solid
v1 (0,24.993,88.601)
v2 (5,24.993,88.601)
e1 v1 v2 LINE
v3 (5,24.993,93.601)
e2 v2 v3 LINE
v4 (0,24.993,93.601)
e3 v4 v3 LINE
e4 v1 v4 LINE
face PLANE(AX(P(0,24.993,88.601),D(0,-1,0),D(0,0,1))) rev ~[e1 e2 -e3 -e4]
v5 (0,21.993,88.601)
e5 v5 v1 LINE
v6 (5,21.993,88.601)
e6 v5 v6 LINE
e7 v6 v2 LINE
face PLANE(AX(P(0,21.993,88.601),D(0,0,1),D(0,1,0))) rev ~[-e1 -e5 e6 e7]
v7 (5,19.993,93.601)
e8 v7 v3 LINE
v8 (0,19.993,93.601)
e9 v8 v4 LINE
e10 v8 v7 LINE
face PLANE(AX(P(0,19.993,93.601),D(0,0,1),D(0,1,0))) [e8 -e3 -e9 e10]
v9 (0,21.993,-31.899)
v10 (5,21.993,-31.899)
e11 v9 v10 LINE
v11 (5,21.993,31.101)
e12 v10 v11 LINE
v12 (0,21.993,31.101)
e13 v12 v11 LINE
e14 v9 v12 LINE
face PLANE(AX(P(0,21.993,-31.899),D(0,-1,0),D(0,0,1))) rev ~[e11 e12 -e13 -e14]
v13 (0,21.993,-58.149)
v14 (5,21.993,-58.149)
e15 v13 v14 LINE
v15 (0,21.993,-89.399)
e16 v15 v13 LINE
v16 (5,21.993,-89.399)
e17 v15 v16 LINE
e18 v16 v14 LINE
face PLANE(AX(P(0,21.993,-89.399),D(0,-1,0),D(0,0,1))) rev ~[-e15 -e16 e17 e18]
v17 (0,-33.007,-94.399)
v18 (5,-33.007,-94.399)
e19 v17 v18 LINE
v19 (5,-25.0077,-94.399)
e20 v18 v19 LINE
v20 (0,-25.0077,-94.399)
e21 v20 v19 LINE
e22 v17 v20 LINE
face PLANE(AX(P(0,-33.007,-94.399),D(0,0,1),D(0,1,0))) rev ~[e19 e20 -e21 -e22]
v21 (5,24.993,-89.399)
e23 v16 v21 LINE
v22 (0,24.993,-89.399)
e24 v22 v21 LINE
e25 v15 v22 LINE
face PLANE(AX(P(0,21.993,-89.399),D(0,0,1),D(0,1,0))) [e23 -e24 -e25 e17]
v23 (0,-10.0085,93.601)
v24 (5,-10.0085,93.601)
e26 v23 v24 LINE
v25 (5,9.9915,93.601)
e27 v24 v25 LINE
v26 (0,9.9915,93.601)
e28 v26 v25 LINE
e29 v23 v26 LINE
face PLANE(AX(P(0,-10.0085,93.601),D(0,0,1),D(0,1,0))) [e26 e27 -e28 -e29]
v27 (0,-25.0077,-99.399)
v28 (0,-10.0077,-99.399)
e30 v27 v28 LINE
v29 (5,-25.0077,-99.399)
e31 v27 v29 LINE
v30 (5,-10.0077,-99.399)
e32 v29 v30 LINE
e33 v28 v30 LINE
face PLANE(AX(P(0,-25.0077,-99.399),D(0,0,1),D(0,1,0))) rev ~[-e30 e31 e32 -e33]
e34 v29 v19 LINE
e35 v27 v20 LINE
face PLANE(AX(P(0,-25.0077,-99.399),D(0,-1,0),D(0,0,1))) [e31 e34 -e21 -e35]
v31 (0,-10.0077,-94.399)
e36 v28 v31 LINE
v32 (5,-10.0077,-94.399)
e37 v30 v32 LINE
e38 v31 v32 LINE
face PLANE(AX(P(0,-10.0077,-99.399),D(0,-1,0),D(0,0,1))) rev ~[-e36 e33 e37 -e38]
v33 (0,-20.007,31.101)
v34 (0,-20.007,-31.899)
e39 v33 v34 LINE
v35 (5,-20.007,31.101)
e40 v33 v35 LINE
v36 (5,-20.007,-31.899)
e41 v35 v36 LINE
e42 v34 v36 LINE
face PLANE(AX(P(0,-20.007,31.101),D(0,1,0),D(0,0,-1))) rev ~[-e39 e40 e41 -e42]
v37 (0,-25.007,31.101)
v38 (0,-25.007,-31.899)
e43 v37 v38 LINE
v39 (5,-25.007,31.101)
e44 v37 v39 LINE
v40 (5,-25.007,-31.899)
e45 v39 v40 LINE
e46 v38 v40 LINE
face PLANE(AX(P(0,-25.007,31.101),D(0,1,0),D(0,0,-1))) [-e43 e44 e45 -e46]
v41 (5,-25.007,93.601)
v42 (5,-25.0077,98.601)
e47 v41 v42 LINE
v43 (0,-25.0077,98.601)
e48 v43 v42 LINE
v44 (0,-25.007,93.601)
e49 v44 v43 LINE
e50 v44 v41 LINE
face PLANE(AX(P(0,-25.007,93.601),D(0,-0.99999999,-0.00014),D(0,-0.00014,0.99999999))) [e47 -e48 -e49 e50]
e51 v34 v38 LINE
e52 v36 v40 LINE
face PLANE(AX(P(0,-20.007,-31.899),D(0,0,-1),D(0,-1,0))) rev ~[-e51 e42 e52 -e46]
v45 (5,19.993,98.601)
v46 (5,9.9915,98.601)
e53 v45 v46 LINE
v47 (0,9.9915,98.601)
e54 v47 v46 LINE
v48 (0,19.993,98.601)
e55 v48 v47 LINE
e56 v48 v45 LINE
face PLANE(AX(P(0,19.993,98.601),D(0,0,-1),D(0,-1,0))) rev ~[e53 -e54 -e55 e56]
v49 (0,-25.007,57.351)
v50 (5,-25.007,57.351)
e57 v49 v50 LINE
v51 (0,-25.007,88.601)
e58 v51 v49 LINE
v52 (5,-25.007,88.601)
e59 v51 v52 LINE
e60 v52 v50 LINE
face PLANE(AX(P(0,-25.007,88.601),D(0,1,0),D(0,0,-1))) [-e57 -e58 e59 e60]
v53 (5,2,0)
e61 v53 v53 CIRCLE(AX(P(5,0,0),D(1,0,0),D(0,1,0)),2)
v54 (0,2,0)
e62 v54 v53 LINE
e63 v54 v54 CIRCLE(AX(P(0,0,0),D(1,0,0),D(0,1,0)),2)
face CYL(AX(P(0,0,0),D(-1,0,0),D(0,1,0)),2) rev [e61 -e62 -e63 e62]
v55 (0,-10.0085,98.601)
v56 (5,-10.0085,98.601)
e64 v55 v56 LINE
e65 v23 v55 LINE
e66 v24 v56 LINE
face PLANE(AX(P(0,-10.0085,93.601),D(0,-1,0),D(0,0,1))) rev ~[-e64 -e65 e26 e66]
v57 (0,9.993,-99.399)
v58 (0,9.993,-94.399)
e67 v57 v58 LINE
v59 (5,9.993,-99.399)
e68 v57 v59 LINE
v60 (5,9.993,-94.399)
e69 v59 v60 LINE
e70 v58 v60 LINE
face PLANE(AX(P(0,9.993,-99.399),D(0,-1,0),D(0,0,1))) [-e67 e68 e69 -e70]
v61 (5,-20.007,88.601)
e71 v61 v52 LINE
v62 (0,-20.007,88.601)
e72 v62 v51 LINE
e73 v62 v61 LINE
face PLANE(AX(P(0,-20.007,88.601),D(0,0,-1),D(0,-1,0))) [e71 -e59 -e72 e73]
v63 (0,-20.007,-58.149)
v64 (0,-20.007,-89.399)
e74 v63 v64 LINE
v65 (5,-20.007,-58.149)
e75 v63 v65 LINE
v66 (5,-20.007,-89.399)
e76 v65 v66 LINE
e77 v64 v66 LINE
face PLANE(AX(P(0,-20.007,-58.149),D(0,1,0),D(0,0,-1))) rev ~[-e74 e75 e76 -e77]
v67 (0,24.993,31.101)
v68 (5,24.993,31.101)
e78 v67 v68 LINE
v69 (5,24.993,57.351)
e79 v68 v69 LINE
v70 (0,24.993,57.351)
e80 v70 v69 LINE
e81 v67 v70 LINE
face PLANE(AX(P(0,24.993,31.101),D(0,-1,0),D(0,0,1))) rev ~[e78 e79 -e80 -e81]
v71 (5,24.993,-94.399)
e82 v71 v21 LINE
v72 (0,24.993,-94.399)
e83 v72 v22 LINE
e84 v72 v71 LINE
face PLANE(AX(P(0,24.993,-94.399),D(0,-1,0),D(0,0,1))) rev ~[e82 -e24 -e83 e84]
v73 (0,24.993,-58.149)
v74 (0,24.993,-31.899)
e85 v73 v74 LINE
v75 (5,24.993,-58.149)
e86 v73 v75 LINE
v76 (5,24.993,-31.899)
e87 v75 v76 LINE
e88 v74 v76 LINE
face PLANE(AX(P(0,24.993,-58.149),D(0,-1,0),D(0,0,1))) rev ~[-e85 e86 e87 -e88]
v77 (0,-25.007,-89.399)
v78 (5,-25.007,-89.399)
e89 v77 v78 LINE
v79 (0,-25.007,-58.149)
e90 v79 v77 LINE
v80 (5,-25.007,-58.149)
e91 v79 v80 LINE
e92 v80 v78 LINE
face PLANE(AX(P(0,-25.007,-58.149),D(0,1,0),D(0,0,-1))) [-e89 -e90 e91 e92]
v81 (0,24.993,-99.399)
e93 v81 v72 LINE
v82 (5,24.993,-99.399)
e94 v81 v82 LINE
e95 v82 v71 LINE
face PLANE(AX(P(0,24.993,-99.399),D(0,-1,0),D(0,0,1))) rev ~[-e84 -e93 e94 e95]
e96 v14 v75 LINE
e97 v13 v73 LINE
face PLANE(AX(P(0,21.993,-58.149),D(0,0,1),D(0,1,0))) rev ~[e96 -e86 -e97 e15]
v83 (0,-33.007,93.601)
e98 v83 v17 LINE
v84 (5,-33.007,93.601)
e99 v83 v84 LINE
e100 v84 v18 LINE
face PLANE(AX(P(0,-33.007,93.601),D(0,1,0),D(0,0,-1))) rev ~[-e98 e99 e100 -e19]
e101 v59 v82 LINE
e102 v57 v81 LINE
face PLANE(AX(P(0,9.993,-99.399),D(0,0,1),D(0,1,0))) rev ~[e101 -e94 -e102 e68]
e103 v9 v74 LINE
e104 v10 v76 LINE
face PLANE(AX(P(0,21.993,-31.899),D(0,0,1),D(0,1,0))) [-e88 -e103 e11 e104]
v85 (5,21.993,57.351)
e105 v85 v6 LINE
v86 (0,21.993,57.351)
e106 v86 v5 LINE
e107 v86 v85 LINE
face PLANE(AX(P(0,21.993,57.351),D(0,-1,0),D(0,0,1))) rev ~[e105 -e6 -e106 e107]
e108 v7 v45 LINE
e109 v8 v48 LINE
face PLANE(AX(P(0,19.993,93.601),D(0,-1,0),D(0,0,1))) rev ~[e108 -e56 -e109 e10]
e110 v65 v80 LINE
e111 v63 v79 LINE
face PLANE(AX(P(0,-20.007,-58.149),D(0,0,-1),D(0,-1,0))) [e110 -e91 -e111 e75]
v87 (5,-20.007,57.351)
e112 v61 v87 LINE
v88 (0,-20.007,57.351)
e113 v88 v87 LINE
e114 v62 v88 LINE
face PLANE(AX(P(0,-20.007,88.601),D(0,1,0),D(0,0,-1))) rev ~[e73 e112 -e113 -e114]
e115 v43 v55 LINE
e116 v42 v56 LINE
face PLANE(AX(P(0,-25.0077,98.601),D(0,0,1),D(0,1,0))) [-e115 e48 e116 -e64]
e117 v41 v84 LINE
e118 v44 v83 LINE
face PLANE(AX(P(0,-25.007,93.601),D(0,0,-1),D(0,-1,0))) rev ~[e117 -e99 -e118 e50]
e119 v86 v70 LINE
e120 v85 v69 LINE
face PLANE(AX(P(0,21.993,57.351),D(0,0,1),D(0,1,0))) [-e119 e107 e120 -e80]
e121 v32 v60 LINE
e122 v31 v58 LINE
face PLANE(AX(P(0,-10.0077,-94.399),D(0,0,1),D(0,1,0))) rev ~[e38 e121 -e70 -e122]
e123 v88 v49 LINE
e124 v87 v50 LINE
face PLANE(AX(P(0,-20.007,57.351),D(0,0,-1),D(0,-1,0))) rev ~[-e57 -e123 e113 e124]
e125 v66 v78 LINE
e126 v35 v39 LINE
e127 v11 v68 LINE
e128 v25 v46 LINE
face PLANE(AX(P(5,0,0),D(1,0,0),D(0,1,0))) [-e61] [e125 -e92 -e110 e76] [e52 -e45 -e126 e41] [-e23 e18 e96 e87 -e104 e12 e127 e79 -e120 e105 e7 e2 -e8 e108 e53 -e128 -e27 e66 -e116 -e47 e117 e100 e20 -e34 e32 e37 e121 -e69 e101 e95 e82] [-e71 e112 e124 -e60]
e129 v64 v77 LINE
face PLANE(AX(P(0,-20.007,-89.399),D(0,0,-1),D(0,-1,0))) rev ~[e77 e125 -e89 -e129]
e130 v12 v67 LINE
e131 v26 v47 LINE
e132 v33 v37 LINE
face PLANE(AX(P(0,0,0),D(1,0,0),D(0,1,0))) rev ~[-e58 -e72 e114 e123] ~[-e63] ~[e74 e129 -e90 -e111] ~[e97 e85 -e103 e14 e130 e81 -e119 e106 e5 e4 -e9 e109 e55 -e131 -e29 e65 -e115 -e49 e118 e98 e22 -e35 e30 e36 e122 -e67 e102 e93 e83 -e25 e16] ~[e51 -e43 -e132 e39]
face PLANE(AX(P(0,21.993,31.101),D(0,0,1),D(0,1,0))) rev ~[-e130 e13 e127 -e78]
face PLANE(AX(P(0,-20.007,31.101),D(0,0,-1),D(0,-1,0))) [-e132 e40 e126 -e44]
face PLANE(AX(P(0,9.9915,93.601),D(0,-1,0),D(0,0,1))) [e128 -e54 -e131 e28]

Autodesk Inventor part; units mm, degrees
ref_plane "YZ Plane" through (0, 0, 0) normal (1, 0, 0) x (0, 1, 0)
ref_plane "XZ Plane" through (0, 0, 0) normal (0, 1, 0) x (-1, 0, 0)
ref_plane "XY Plane" through (0, 0, 0) normal (0, 0, 1) x (1, 0, 0)
sketch "Sketch1" plane through (0, 0, 0) normal (1, 0, 0) x (0, 1, 0)
  circle A0 centre (0, 0) radius 2
  line L0 (-20.007, 88.601) -> (-20.007, 57.351) projected
  line L1 (-20.007, 57.351) -> (-25.007, 57.351) projected
  line L2 (-25.007, 88.601) -> (-25.007, 57.351) projected
  line L3 (-20.007, 88.601) -> (-25.007, 88.601) projected
  line L4 (-20.007, 31.101) -> (-20.007, -31.899) projected
  line L5 (-20.007, -31.899) -> (-25.007, -31.899) projected
  line L6 (-25.007, 31.101) -> (-25.007, -31.899) projected
  line L7 (-20.007, 31.101) -> (-25.007, 31.101) projected
  line L8 (-20.007, -58.149) -> (-20.007, -89.399) projected
  line L9 (-20.007, -89.399) -> (-25.007, -89.399) projected
  line L10 (-25.007, -58.149) -> (-25.007, -89.399) projected
  line L11 (-20.007, -58.149) -> (-25.007, -58.149) projected
  line L12 (19.993, 93.601) -> (19.993, 98.601)
  line L13 (19.993, 98.601) -> (9.9915, 98.601) projected
  line L14 (9.9915, 93.601) -> (9.9915, 98.601) projected
  line L15 (-10.0085, 93.601) -> (-10.0085, 98.601) projected
  line L16 (-25.0077, 98.601) -> (-10.0085, 98.601) projected
  line L17 (-25.007, 93.601) -> (-25.007, 98.601) projected
  line L18 (-25.007, 93.601) -> (-33.007, 93.601)
  line L19 (-33.007, 93.601) -> (-33.007, -94.399)
  line L20 (-10.0085, 93.601) -> (9.9915, 93.601)
  line L21 (24.993, -99.399) -> (24.993, -94.399)
  line L22 (9.993, -99.399) -> (24.993, -99.399) projected
  line L23 (9.993, -99.399) -> (9.993, -94.399) projected
  line L24 (-10.0077, -94.399) -> (9.993, -94.399) projected
  line L25 (-10.0077, -99.399) -> (-10.0077, -94.399) projected
  line L26 (-25.0077, -99.399) -> (-10.0077, -99.399) projected
  line L27 (-25.0077, -99.399) -> (-25.0077, -94.399) projected
  line L28 (-33.0079, -94.399) -> (-25.0077, -94.399) projected
  line L29 (19.993, 93.601) -> (24.993, 93.601)
  line L30 (24.993, -94.399) -> (24.993, -89.399)
  line L31 (21.993, -89.399) -> (24.993, -89.399)
  line L32 (21.993, -89.399) -> (21.993, -58.149)
  line L33 (21.993, -58.149) -> (24.993, -58.149)
  line L34 (24.993, -58.149) -> (24.993, -31.899)
  line L35 (21.993, -31.899) -> (24.993, -31.899)
  line L36 (21.993, -31.899) -> (21.993, 31.101)
  line L37 (21.993, 31.101) -> (24.993, 31.101)
  line L38 (24.993, 31.101) -> (24.993, 57.351)
  line L39 (21.993, 57.351) -> (24.993, 57.351)
  line L40 (21.993, 57.351) -> (21.993, 88.601)
  line L41 (21.993, 88.601) -> (24.993, 88.601)
  line L42 (24.993, 88.601) -> (24.993, 93.601)
  point P0 (-29.9123, 87.1698)
  dimension "d24" = 4
  dimension "d25" = 8
  dimension "d27" = 198
  dimension "d30" = 5
  dimension "d31" = 188
  dimension "d32" = 188
  dimension "d33" = 58
  dimension "d35" = 3
extrude "Extrusion1" add sketch "Sketch1" along normal blind 5
properties part number "case top sides" material "ABS Plastic"
